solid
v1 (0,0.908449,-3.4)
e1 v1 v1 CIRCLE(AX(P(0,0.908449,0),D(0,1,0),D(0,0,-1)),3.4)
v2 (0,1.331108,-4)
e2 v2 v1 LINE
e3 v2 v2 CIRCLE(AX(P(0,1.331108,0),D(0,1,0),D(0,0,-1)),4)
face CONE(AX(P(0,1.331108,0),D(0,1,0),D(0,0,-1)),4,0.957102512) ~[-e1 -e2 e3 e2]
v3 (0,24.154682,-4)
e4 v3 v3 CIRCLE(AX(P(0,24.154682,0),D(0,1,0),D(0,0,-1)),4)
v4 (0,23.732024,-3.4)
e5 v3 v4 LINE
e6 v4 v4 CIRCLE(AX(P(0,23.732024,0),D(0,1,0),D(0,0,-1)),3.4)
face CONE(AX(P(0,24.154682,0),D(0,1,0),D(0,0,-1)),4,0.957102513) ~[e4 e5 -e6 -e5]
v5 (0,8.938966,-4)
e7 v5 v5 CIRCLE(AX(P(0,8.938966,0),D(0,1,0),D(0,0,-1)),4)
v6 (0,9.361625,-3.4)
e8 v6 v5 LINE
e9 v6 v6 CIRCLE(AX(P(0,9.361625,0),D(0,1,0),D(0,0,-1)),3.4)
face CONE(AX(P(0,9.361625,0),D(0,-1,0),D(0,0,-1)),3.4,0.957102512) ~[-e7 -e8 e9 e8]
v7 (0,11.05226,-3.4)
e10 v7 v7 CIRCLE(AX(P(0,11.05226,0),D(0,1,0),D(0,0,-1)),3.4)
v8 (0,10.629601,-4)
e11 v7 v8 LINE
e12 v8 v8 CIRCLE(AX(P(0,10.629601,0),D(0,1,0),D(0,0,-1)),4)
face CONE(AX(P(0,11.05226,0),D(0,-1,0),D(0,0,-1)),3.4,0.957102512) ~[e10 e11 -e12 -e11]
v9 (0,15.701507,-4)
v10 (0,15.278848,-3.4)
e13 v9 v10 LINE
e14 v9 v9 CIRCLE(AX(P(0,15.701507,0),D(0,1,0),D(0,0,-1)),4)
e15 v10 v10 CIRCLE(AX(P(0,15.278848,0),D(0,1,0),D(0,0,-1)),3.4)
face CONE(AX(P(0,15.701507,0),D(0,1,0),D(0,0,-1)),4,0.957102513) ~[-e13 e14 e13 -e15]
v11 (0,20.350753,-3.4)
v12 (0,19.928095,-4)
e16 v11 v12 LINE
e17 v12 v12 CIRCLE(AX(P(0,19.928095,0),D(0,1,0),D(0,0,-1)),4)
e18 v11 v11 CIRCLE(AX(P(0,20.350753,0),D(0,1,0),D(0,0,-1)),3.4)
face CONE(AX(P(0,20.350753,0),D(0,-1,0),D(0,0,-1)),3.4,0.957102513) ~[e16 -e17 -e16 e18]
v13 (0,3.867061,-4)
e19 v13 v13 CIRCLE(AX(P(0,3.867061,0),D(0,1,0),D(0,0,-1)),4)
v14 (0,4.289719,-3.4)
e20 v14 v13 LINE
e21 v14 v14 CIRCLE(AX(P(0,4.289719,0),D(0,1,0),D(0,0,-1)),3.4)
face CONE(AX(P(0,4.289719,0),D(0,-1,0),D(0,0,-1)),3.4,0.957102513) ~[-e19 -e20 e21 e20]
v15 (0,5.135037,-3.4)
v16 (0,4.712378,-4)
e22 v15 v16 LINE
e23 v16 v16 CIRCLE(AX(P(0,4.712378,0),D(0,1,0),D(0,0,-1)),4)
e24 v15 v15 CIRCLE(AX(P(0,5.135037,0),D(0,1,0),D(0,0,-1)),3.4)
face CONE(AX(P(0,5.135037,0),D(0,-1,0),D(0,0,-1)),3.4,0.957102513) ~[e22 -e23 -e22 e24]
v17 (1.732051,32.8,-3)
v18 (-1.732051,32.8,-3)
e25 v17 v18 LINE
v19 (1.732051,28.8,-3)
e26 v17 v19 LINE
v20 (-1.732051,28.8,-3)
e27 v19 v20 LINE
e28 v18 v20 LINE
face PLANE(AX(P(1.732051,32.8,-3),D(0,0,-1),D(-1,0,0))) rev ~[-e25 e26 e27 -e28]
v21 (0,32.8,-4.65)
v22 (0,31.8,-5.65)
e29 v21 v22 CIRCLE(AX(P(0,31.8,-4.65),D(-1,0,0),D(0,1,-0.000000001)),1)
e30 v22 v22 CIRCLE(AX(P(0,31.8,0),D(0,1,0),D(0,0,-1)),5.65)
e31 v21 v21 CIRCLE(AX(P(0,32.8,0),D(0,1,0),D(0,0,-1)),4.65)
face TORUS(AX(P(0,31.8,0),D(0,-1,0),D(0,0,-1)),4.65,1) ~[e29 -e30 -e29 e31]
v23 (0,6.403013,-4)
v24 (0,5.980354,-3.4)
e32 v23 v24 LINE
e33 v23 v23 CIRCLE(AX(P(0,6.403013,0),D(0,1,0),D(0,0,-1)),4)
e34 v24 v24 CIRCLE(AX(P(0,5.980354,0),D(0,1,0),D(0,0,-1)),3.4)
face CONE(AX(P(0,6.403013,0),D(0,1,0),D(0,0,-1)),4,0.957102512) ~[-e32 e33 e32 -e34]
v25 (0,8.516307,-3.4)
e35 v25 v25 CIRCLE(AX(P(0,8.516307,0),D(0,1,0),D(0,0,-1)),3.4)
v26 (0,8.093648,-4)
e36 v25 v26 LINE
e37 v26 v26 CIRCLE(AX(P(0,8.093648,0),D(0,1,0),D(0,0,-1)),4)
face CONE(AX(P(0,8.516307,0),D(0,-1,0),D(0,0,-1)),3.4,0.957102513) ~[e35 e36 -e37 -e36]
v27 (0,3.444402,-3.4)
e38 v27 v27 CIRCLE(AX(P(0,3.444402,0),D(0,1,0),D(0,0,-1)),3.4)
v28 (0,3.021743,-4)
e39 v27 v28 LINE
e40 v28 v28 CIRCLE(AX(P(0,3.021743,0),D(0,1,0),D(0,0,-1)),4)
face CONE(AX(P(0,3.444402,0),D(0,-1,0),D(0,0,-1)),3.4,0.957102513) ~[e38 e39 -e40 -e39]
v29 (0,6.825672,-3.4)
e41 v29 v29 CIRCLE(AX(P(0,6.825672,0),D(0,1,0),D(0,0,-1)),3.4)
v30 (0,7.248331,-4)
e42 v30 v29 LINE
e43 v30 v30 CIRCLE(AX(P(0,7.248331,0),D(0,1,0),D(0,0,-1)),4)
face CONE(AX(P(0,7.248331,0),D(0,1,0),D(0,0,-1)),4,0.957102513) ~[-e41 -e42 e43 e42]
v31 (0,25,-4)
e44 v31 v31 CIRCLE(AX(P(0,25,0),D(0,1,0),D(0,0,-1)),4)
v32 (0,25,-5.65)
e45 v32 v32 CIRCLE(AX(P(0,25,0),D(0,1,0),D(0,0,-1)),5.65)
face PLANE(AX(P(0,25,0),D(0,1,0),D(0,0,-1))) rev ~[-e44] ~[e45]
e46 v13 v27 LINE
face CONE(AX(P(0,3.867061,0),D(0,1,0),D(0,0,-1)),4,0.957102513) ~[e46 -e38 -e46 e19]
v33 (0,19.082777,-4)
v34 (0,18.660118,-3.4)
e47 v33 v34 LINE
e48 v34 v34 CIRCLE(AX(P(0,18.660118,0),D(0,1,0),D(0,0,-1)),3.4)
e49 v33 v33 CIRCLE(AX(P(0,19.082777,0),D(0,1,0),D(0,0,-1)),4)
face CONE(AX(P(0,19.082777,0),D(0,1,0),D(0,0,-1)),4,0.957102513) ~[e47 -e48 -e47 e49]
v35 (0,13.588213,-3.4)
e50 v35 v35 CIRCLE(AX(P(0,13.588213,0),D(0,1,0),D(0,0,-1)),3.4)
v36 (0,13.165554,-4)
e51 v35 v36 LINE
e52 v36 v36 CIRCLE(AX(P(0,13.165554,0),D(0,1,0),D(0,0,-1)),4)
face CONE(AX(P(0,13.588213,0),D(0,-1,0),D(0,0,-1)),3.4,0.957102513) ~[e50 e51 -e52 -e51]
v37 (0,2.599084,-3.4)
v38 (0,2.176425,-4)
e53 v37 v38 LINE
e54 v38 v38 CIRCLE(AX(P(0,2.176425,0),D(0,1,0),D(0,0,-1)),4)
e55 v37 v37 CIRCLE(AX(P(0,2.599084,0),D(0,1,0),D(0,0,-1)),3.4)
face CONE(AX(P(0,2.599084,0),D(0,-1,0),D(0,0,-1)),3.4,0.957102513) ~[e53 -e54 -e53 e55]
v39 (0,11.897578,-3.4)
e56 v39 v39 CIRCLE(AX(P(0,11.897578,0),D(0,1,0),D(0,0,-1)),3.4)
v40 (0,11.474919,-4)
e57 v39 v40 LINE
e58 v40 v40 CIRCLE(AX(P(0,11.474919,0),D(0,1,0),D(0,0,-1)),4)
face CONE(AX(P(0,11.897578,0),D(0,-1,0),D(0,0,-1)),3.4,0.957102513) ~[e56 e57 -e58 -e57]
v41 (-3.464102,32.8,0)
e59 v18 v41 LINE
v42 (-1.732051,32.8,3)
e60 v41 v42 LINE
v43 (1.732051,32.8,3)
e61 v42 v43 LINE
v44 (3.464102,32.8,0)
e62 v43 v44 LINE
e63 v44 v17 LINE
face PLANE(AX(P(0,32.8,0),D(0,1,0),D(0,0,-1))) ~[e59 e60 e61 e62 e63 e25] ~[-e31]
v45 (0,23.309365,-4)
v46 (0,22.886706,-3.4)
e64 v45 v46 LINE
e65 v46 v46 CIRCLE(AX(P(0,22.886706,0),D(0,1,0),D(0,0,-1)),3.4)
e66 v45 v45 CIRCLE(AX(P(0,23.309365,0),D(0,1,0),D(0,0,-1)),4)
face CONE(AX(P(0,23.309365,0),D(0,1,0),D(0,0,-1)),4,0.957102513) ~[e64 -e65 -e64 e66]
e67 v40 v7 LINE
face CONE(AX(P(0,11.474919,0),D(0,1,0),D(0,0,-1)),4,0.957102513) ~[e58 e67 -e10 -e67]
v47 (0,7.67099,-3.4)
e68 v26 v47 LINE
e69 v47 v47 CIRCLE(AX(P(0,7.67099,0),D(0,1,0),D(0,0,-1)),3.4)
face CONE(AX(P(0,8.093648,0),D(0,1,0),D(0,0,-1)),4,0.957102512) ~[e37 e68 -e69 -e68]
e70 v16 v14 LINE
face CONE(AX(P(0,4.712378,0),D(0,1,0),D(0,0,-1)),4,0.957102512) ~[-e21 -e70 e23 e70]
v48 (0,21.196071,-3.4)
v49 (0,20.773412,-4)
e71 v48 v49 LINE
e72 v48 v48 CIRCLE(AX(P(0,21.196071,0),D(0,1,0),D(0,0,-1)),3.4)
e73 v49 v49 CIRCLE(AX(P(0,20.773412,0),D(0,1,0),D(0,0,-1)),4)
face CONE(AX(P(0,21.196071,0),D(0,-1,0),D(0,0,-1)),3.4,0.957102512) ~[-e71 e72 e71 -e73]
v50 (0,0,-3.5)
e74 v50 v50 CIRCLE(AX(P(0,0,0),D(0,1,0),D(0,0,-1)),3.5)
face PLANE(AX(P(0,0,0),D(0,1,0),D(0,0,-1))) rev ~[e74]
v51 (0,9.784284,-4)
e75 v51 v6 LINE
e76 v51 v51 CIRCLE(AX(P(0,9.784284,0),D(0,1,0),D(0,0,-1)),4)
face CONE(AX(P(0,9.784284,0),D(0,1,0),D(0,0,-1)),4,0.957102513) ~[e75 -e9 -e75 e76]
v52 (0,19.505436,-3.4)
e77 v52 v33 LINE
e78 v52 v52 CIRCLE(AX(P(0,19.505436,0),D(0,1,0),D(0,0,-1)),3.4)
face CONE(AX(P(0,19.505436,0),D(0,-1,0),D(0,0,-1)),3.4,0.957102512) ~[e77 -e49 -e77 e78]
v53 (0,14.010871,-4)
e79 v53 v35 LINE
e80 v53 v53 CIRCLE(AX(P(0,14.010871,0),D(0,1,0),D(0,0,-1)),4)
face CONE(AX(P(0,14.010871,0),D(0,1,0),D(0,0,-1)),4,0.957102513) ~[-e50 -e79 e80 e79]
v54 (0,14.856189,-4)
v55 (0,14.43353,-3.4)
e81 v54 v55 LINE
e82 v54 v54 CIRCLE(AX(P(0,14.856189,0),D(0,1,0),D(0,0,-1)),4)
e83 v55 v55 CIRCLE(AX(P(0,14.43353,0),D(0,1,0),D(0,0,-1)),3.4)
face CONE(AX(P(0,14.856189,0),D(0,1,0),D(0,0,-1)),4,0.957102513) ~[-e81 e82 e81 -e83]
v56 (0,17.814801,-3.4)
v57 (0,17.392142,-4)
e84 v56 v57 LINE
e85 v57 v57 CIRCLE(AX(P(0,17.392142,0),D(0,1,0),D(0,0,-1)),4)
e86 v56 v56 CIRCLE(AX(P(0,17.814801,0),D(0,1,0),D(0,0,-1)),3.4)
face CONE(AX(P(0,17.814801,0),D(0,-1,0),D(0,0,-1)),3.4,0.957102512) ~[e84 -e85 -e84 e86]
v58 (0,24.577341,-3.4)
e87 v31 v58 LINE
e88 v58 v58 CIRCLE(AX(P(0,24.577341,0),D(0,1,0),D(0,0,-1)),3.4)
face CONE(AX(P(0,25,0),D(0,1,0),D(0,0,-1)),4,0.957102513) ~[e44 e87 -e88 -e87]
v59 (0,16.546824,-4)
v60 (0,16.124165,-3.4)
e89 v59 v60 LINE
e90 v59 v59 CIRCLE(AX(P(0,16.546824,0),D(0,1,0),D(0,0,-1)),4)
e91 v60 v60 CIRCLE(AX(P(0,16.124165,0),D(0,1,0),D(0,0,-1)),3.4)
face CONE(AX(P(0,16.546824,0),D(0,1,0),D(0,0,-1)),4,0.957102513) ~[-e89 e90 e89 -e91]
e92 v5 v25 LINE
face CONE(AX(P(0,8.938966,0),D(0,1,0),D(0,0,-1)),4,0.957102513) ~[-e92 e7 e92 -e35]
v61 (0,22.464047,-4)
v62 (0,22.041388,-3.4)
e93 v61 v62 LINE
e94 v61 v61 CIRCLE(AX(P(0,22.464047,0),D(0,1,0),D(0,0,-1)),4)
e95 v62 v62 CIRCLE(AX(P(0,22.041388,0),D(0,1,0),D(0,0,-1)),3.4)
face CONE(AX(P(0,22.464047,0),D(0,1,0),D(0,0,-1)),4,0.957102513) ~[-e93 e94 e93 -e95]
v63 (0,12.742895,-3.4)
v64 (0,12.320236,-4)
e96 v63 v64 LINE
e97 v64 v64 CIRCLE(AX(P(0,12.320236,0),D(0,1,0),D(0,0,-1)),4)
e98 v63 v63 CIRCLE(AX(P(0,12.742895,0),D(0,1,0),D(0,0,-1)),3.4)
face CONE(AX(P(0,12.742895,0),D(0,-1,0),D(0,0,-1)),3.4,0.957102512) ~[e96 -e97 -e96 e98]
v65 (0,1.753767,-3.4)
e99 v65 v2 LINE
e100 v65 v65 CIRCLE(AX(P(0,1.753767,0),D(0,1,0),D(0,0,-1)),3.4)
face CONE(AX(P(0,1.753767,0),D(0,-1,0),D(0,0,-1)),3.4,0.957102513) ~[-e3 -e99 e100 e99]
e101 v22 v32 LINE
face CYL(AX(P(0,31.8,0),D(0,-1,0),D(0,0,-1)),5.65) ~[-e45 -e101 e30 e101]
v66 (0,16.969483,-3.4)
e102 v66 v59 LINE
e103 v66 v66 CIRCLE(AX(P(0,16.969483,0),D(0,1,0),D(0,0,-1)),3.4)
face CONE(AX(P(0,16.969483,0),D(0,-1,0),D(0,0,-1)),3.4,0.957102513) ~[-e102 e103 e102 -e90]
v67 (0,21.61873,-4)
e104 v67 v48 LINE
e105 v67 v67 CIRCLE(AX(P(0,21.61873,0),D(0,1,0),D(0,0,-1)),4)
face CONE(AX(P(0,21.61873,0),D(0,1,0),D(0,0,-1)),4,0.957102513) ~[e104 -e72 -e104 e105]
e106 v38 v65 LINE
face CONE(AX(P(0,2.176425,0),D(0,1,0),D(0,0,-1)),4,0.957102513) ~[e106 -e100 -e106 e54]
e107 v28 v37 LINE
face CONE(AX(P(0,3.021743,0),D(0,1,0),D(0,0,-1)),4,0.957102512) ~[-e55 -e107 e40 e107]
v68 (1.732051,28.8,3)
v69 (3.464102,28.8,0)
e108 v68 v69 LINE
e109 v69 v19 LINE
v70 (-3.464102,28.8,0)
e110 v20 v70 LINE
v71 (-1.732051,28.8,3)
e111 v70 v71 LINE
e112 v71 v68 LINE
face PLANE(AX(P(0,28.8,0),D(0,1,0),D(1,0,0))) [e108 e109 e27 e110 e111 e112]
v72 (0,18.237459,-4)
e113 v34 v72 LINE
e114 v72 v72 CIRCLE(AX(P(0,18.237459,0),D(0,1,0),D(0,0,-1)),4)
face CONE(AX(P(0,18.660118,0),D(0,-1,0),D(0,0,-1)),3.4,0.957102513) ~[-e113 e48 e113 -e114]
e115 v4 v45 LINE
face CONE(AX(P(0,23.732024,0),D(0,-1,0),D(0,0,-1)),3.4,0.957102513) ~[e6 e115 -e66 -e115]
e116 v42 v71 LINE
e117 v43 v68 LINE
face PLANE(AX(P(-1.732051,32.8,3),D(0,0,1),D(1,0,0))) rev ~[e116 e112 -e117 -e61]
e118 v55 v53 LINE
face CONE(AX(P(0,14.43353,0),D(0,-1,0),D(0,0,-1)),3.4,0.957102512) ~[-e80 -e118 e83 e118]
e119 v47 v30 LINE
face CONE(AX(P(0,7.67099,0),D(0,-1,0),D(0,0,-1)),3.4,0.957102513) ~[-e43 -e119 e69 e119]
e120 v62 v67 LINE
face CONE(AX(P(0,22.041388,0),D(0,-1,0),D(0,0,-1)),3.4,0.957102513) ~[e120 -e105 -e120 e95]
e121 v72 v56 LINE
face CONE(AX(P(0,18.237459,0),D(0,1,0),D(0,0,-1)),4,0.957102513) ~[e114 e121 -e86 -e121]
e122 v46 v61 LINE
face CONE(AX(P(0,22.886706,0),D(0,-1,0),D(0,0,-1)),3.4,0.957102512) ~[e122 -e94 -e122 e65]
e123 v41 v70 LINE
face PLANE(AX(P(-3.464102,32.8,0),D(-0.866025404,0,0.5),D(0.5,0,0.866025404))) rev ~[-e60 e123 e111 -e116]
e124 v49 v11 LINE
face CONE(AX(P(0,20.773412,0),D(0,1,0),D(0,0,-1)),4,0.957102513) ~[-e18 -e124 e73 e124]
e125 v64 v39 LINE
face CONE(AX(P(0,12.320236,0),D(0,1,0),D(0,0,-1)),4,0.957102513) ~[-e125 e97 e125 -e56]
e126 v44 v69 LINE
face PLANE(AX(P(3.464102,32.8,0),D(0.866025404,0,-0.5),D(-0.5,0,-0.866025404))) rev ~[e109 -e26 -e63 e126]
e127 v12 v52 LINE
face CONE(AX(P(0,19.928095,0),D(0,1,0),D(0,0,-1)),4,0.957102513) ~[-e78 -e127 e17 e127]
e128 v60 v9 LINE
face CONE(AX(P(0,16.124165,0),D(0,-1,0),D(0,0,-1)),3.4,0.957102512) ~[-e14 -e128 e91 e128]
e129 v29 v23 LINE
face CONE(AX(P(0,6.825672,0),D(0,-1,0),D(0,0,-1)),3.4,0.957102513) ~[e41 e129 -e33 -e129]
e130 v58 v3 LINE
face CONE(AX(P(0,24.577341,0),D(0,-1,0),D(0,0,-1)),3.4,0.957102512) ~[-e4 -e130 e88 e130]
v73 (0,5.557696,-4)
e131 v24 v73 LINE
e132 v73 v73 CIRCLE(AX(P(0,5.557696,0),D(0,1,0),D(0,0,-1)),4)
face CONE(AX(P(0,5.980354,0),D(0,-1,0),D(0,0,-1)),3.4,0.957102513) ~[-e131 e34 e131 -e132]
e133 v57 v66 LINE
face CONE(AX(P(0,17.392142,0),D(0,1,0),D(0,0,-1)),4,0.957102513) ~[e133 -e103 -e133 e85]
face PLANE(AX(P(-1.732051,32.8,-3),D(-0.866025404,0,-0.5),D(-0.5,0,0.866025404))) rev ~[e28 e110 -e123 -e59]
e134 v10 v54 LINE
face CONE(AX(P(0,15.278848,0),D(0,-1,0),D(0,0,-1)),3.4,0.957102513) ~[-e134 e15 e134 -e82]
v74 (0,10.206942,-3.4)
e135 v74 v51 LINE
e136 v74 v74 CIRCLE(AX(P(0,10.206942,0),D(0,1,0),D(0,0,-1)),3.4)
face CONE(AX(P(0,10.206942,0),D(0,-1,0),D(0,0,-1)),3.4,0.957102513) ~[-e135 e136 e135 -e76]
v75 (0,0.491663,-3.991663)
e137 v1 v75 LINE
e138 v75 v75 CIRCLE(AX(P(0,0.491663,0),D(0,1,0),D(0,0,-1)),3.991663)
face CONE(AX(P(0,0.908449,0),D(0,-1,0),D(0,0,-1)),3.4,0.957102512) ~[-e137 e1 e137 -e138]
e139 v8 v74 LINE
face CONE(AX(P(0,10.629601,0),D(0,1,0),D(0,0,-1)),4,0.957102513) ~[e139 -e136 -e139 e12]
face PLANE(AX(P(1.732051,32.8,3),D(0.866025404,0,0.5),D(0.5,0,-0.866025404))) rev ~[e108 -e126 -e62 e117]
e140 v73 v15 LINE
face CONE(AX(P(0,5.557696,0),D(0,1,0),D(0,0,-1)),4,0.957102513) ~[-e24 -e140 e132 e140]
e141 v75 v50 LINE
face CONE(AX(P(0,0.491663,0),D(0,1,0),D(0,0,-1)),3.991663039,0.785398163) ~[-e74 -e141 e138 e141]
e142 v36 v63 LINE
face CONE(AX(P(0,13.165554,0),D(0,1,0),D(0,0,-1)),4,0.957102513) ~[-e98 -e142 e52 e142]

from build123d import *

# Parameters (mm, degrees)
CUT_EXTRUDE_1_DEPTH = 4


with BuildPart() as part:
    # 草图1 → 旋转1 (revolve)
    with BuildSketch(Plane.XY, mode=Mode.PRIVATE) as revolve_1_sk:
        with BuildLine():
            Line((0, 0), (0, 32.8))
            Line((0, 32.8), (4.65, 32.8))
            ThreePointArc((4.65, 32.8), (5.357106781, 32.507106781), (5.65, 31.8))
            Line((5.65, 31.8), (5.65, 25))
            Line((5.65, 25), (4, 25))
            Line((4, 25), (3.4, 24.577341211))
            Line((3.4, 24.577341211), (4, 24.154682421))
            Line((4, 24.154682421), (3.4, 23.732023632))
            Line((3.4, 23.732023632), (4, 23.309364843))
            Line((4, 23.309364843), (3.4, 22.886706054))
            Line((3.4, 22.886706054), (4, 22.464047264))
            Line((4, 22.464047264), (3.4, 22.041388475))
            Line((3.4, 22.041388475), (4, 21.618729686))
            Line((4, 21.618729686), (3.4, 21.196070897))
            Line((3.4, 21.196070897), (4, 20.773412107))
            Line((4, 20.773412107), (3.4, 20.350753318))
            Line((3.4, 20.350753318), (4, 19.928094529))
            Line((4, 19.928094529), (3.4, 19.50543574))
            Line((3.4, 19.50543574), (4, 19.08277695))
            Line((4, 19.08277695), (3.4, 18.660118161))
            Line((3.4, 18.660118161), (4, 18.237459372))
            Line((4, 18.237459372), (3.4, 17.814800583))
            Line((3.4, 17.814800583), (4, 17.392141793))
            Line((4, 17.392141793), (3.4, 16.969483004))
            Line((3.4, 16.969483004), (4, 16.546824215))
            Line((4, 16.546824215), (3.4, 16.124165426))
            Line((3.4, 16.124165426), (4, 15.701506636))
            Line((4, 15.701506636), (3.4, 15.278847847))
            Line((3.4, 15.278847847), (4, 14.856189058))
            Line((4, 14.856189058), (3.4, 14.433530269))
            Line((3.4, 14.433530269), (4, 14.010871479))
            Line((4, 14.010871479), (3.4, 13.58821269))
            Line((3.4, 13.58821269), (4, 13.165553901))
            Line((4, 13.165553901), (3.4, 12.742895112))
            Line((3.4, 12.742895112), (4, 12.320236322))
            Line((4, 12.320236322), (3.4, 11.897577533))
            Line((3.4, 11.897577533), (4, 11.474918744))
            Line((4, 11.474918744), (3.4, 11.052259955))
            Line((3.4, 11.052259955), (4, 10.629601165))
            Line((4, 10.629601165), (3.4, 10.206942376))
            Line((3.4, 10.206942376), (4, 9.784283587))
            Line((4, 9.784283587), (3.4, 9.361624798))
            Line((3.4, 9.361624798), (4, 8.938966008))
            Line((4, 8.938966008), (3.4, 8.516307219))
            Line((3.4, 8.516307219), (4, 8.09364843))
            Line((4, 8.09364843), (3.4, 7.67098964))
            Line((3.4, 7.67098964), (4, 7.248330851))
            Line((4, 7.248330851), (3.4, 6.825672062))
            Line((3.4, 6.825672062), (4, 6.403013273))
            Line((4, 6.403013273), (3.4, 5.980354483))
            Line((3.4, 5.980354483), (4, 5.557695694))
            Line((4, 5.557695694), (3.4, 5.135036905))
            Line((3.4, 5.135036905), (4, 4.712378116))
            Line((4, 4.712378116), (3.4, 4.289719326))
            Line((3.4, 4.289719326), (4, 3.867060537))
            Line((4, 3.867060537), (3.4, 3.444401748))
            Line((3.4, 3.444401748), (4, 3.021742959))
            Line((4, 3.021742959), (3.4, 2.599084169))
            Line((3.4, 2.599084169), (4, 2.17642538))
            Line((4, 2.17642538), (3.4, 1.753766591))
            Line((3.4, 1.753766591), (4, 1.331107802))
            Line((4, 1.331107802), (3.4, 0.908449012))
            Line((3.4, 0.908449012), (3.991663039, 0.491663039))
            Line((3.991663039, 0.491663039), (3.5, 0))
            Line((3.5, 0), (0, 0))
        make_face()
    revolve(revolve_1_sk.sketch.rotate(Axis((0, 31.8, 0), (0, 1, 0)), 90), axis=Axis((0, 31.8, 0), (0, 1, 0)))

    # 草图3 → 切除-拉伸1 (cut)
    with BuildSketch(Plane(origin=(0, 32.8, 0), x_dir=(1, 0, 0), z_dir=(0, 1, 0))):
        Polygon((3.464101615, 0), (1.732050808, 3), (-1.732050808, 3), (-3.464101615, 0), (-1.732050808, -3), (1.732050808, -3), align=None)
    extrude(amount=-CUT_EXTRUDE_1_DEPTH, mode=Mode.SUBTRACT)


solid = part.part
